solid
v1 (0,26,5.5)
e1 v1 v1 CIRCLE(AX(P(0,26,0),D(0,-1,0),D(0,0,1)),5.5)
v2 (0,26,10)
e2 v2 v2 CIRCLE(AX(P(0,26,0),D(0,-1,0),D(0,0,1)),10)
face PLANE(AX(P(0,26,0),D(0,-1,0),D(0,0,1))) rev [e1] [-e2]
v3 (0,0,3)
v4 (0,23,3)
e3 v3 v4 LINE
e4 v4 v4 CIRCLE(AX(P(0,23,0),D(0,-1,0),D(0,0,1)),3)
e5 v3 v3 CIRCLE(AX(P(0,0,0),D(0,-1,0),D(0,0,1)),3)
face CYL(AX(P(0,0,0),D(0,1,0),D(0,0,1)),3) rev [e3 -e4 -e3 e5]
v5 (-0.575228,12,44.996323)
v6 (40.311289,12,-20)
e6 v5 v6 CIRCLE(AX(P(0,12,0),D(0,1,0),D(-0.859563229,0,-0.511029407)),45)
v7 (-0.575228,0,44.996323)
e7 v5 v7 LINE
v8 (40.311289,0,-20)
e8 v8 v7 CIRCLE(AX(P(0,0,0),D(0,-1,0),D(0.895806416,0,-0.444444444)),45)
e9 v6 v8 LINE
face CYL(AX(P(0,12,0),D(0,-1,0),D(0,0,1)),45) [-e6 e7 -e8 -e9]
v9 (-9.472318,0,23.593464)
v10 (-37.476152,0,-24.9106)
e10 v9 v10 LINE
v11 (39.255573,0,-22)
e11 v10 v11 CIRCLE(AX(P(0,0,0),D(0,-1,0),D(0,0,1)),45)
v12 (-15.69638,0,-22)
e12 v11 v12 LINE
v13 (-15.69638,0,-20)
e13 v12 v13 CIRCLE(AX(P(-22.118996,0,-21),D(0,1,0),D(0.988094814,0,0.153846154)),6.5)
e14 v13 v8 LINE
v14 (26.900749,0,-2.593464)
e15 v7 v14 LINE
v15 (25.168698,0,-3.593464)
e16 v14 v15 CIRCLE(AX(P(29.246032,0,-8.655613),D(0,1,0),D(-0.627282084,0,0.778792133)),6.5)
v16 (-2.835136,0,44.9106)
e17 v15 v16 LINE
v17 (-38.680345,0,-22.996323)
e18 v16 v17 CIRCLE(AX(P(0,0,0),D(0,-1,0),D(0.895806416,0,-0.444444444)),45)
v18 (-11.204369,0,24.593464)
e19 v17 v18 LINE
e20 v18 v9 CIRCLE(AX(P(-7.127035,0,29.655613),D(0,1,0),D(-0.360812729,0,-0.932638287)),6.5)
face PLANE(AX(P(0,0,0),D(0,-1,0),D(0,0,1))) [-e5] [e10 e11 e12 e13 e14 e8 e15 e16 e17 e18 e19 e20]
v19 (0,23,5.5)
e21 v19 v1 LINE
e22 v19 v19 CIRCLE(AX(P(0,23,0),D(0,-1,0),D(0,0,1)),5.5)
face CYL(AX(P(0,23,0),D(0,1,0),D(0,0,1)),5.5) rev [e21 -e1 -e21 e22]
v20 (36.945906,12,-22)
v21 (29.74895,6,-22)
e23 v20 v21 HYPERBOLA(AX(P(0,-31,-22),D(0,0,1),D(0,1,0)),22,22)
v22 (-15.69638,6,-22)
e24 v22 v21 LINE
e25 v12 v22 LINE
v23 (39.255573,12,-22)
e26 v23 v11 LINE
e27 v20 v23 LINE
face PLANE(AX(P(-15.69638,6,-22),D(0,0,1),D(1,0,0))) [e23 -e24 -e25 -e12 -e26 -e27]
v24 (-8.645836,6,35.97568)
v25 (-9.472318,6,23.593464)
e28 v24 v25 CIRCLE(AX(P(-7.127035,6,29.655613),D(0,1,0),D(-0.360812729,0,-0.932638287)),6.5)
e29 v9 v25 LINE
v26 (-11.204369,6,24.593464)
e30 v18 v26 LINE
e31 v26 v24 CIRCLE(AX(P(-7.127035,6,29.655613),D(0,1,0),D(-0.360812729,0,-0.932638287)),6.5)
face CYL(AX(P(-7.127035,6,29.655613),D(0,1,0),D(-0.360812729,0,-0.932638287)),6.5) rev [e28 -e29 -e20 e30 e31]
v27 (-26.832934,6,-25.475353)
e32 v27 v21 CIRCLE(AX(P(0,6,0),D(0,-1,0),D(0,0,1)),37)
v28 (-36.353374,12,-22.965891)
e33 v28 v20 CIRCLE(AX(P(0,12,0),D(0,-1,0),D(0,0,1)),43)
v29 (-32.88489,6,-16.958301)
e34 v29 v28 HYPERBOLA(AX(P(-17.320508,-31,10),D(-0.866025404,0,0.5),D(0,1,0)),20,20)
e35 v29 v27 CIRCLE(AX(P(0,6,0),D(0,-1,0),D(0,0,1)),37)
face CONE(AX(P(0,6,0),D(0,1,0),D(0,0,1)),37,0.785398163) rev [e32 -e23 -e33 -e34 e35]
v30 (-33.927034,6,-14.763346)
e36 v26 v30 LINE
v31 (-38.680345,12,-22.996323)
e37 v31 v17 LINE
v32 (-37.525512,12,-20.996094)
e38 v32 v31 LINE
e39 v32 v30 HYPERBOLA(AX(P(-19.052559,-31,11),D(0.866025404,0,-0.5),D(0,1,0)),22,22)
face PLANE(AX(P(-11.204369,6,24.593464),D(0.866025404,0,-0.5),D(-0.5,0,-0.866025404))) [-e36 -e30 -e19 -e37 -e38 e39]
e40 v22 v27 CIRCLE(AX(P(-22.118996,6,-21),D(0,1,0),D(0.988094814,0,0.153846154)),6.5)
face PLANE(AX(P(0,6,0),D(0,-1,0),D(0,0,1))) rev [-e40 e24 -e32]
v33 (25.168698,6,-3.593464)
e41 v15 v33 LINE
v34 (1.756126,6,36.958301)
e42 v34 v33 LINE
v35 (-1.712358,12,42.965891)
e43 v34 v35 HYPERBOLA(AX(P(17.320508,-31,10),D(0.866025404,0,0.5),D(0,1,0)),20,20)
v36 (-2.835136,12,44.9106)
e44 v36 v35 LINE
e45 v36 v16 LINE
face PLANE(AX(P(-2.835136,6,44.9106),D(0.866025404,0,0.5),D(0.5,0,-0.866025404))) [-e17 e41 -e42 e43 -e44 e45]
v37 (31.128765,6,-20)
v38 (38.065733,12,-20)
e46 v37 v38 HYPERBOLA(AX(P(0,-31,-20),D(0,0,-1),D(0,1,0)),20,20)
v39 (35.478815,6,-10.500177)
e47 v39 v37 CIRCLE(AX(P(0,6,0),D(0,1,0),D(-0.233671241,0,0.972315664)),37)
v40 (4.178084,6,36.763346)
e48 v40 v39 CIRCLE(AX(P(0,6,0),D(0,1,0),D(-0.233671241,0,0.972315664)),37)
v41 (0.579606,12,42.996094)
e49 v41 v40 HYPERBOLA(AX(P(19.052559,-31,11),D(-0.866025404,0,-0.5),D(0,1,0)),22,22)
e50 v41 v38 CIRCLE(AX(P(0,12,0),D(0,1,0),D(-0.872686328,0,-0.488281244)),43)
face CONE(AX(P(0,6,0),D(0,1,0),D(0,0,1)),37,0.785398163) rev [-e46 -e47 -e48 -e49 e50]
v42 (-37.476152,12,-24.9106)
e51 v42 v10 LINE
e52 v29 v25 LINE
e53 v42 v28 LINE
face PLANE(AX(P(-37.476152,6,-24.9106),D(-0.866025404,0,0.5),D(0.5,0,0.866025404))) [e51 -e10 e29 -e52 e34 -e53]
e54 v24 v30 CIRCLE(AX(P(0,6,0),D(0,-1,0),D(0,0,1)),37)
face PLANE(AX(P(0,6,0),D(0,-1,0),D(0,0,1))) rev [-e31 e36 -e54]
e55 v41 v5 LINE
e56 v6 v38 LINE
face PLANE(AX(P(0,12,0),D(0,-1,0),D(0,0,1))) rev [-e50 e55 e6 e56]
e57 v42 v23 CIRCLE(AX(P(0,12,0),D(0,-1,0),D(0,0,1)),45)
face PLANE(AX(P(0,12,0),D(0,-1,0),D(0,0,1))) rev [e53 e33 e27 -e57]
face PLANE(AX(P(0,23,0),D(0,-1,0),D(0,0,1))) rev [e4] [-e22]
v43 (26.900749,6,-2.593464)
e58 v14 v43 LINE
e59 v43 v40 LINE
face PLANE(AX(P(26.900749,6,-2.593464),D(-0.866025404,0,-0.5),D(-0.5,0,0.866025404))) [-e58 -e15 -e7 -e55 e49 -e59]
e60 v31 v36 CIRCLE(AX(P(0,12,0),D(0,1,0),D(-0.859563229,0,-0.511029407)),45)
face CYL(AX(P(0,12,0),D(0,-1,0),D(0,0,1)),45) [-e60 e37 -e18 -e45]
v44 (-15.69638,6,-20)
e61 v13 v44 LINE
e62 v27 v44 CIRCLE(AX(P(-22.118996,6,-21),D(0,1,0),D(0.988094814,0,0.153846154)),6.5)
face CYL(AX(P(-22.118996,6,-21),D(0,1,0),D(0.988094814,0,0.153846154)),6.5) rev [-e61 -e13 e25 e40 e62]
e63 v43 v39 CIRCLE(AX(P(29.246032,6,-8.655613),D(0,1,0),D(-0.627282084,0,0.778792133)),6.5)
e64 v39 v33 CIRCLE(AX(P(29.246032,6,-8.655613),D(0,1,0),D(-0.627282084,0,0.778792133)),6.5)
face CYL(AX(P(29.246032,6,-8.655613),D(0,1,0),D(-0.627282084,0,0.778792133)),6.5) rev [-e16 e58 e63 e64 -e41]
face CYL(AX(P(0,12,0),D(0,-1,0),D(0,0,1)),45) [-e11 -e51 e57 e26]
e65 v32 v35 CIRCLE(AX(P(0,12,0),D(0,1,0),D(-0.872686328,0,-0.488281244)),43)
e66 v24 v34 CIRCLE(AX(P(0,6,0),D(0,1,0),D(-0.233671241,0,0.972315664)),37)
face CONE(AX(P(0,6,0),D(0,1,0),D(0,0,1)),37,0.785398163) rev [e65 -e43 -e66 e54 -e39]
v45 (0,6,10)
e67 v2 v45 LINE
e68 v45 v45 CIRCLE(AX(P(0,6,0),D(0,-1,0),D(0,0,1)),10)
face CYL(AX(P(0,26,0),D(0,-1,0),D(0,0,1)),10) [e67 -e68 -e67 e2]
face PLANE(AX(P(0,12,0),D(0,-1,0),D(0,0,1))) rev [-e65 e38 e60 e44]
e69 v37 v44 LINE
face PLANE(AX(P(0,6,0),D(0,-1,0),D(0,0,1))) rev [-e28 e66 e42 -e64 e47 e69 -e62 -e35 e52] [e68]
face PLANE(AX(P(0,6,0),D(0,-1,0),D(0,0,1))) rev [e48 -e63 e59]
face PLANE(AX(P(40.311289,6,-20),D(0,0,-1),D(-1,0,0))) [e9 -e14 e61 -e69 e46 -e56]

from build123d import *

# Parameters (mm, degrees)
CUT_EXTRUDE_1_DEPTH      = 67.708320321
PATTERN_CIRCULAR_1_COUNT = 3


with BuildPart() as part:
    # 草图1 → 旋转1 (revolve)
    with BuildSketch(Plane.XY, mode=Mode.PRIVATE) as revolve_1_sk:
        Polygon((10, 26), (10, 6), (37, 6), (43, 12), (45, 12), (45, 0), (3, 0), (3, 23), (5.5, 23), (5.5, 26), align=None)
    revolve(revolve_1_sk.sketch.rotate(Axis((0, 83.728815318, 0), (0, -1, 0)), 90), axis=Axis((0, 83.728815318, 0), (0, -1, 0)))

    # 草图2 → 切除-拉伸1 (cut, symmetric)
    with BuildSketch(Plane(origin=(0, 6, 0), x_dir=(1, 0, 0), z_dir=(0, 1, 0))):
        with BuildLine():
            Line((-15.696380071, 22), (39.255572853, 22))
            ThreePointArc((39.255572853, 22), (39.795996859, 21.006633096), (40.311288741, 20))
            Line((40.311288741, 20), (-15.696380071, 20))
            ThreePointArc((-15.696380071, 20), (-28.618996361, 21), (-15.696380071, 22))
        make_face()
    cut_extrude_1 = extrude(amount=CUT_EXTRUDE_1_DEPTH, both=True, mode=Mode.SUBTRACT)

    # 阵列(圆周)1: 切除-拉伸1 ×3 about axis
    pattern_circular_1_axis = Axis((0, 0, 0), (0, 1, 0))
    for i in range(1, PATTERN_CIRCULAR_1_COUNT):
        add(cut_extrude_1.rotate(pattern_circular_1_axis, i * 360 / PATTERN_CIRCULAR_1_COUNT), mode=Mode.SUBTRACT)


solid = part.part
